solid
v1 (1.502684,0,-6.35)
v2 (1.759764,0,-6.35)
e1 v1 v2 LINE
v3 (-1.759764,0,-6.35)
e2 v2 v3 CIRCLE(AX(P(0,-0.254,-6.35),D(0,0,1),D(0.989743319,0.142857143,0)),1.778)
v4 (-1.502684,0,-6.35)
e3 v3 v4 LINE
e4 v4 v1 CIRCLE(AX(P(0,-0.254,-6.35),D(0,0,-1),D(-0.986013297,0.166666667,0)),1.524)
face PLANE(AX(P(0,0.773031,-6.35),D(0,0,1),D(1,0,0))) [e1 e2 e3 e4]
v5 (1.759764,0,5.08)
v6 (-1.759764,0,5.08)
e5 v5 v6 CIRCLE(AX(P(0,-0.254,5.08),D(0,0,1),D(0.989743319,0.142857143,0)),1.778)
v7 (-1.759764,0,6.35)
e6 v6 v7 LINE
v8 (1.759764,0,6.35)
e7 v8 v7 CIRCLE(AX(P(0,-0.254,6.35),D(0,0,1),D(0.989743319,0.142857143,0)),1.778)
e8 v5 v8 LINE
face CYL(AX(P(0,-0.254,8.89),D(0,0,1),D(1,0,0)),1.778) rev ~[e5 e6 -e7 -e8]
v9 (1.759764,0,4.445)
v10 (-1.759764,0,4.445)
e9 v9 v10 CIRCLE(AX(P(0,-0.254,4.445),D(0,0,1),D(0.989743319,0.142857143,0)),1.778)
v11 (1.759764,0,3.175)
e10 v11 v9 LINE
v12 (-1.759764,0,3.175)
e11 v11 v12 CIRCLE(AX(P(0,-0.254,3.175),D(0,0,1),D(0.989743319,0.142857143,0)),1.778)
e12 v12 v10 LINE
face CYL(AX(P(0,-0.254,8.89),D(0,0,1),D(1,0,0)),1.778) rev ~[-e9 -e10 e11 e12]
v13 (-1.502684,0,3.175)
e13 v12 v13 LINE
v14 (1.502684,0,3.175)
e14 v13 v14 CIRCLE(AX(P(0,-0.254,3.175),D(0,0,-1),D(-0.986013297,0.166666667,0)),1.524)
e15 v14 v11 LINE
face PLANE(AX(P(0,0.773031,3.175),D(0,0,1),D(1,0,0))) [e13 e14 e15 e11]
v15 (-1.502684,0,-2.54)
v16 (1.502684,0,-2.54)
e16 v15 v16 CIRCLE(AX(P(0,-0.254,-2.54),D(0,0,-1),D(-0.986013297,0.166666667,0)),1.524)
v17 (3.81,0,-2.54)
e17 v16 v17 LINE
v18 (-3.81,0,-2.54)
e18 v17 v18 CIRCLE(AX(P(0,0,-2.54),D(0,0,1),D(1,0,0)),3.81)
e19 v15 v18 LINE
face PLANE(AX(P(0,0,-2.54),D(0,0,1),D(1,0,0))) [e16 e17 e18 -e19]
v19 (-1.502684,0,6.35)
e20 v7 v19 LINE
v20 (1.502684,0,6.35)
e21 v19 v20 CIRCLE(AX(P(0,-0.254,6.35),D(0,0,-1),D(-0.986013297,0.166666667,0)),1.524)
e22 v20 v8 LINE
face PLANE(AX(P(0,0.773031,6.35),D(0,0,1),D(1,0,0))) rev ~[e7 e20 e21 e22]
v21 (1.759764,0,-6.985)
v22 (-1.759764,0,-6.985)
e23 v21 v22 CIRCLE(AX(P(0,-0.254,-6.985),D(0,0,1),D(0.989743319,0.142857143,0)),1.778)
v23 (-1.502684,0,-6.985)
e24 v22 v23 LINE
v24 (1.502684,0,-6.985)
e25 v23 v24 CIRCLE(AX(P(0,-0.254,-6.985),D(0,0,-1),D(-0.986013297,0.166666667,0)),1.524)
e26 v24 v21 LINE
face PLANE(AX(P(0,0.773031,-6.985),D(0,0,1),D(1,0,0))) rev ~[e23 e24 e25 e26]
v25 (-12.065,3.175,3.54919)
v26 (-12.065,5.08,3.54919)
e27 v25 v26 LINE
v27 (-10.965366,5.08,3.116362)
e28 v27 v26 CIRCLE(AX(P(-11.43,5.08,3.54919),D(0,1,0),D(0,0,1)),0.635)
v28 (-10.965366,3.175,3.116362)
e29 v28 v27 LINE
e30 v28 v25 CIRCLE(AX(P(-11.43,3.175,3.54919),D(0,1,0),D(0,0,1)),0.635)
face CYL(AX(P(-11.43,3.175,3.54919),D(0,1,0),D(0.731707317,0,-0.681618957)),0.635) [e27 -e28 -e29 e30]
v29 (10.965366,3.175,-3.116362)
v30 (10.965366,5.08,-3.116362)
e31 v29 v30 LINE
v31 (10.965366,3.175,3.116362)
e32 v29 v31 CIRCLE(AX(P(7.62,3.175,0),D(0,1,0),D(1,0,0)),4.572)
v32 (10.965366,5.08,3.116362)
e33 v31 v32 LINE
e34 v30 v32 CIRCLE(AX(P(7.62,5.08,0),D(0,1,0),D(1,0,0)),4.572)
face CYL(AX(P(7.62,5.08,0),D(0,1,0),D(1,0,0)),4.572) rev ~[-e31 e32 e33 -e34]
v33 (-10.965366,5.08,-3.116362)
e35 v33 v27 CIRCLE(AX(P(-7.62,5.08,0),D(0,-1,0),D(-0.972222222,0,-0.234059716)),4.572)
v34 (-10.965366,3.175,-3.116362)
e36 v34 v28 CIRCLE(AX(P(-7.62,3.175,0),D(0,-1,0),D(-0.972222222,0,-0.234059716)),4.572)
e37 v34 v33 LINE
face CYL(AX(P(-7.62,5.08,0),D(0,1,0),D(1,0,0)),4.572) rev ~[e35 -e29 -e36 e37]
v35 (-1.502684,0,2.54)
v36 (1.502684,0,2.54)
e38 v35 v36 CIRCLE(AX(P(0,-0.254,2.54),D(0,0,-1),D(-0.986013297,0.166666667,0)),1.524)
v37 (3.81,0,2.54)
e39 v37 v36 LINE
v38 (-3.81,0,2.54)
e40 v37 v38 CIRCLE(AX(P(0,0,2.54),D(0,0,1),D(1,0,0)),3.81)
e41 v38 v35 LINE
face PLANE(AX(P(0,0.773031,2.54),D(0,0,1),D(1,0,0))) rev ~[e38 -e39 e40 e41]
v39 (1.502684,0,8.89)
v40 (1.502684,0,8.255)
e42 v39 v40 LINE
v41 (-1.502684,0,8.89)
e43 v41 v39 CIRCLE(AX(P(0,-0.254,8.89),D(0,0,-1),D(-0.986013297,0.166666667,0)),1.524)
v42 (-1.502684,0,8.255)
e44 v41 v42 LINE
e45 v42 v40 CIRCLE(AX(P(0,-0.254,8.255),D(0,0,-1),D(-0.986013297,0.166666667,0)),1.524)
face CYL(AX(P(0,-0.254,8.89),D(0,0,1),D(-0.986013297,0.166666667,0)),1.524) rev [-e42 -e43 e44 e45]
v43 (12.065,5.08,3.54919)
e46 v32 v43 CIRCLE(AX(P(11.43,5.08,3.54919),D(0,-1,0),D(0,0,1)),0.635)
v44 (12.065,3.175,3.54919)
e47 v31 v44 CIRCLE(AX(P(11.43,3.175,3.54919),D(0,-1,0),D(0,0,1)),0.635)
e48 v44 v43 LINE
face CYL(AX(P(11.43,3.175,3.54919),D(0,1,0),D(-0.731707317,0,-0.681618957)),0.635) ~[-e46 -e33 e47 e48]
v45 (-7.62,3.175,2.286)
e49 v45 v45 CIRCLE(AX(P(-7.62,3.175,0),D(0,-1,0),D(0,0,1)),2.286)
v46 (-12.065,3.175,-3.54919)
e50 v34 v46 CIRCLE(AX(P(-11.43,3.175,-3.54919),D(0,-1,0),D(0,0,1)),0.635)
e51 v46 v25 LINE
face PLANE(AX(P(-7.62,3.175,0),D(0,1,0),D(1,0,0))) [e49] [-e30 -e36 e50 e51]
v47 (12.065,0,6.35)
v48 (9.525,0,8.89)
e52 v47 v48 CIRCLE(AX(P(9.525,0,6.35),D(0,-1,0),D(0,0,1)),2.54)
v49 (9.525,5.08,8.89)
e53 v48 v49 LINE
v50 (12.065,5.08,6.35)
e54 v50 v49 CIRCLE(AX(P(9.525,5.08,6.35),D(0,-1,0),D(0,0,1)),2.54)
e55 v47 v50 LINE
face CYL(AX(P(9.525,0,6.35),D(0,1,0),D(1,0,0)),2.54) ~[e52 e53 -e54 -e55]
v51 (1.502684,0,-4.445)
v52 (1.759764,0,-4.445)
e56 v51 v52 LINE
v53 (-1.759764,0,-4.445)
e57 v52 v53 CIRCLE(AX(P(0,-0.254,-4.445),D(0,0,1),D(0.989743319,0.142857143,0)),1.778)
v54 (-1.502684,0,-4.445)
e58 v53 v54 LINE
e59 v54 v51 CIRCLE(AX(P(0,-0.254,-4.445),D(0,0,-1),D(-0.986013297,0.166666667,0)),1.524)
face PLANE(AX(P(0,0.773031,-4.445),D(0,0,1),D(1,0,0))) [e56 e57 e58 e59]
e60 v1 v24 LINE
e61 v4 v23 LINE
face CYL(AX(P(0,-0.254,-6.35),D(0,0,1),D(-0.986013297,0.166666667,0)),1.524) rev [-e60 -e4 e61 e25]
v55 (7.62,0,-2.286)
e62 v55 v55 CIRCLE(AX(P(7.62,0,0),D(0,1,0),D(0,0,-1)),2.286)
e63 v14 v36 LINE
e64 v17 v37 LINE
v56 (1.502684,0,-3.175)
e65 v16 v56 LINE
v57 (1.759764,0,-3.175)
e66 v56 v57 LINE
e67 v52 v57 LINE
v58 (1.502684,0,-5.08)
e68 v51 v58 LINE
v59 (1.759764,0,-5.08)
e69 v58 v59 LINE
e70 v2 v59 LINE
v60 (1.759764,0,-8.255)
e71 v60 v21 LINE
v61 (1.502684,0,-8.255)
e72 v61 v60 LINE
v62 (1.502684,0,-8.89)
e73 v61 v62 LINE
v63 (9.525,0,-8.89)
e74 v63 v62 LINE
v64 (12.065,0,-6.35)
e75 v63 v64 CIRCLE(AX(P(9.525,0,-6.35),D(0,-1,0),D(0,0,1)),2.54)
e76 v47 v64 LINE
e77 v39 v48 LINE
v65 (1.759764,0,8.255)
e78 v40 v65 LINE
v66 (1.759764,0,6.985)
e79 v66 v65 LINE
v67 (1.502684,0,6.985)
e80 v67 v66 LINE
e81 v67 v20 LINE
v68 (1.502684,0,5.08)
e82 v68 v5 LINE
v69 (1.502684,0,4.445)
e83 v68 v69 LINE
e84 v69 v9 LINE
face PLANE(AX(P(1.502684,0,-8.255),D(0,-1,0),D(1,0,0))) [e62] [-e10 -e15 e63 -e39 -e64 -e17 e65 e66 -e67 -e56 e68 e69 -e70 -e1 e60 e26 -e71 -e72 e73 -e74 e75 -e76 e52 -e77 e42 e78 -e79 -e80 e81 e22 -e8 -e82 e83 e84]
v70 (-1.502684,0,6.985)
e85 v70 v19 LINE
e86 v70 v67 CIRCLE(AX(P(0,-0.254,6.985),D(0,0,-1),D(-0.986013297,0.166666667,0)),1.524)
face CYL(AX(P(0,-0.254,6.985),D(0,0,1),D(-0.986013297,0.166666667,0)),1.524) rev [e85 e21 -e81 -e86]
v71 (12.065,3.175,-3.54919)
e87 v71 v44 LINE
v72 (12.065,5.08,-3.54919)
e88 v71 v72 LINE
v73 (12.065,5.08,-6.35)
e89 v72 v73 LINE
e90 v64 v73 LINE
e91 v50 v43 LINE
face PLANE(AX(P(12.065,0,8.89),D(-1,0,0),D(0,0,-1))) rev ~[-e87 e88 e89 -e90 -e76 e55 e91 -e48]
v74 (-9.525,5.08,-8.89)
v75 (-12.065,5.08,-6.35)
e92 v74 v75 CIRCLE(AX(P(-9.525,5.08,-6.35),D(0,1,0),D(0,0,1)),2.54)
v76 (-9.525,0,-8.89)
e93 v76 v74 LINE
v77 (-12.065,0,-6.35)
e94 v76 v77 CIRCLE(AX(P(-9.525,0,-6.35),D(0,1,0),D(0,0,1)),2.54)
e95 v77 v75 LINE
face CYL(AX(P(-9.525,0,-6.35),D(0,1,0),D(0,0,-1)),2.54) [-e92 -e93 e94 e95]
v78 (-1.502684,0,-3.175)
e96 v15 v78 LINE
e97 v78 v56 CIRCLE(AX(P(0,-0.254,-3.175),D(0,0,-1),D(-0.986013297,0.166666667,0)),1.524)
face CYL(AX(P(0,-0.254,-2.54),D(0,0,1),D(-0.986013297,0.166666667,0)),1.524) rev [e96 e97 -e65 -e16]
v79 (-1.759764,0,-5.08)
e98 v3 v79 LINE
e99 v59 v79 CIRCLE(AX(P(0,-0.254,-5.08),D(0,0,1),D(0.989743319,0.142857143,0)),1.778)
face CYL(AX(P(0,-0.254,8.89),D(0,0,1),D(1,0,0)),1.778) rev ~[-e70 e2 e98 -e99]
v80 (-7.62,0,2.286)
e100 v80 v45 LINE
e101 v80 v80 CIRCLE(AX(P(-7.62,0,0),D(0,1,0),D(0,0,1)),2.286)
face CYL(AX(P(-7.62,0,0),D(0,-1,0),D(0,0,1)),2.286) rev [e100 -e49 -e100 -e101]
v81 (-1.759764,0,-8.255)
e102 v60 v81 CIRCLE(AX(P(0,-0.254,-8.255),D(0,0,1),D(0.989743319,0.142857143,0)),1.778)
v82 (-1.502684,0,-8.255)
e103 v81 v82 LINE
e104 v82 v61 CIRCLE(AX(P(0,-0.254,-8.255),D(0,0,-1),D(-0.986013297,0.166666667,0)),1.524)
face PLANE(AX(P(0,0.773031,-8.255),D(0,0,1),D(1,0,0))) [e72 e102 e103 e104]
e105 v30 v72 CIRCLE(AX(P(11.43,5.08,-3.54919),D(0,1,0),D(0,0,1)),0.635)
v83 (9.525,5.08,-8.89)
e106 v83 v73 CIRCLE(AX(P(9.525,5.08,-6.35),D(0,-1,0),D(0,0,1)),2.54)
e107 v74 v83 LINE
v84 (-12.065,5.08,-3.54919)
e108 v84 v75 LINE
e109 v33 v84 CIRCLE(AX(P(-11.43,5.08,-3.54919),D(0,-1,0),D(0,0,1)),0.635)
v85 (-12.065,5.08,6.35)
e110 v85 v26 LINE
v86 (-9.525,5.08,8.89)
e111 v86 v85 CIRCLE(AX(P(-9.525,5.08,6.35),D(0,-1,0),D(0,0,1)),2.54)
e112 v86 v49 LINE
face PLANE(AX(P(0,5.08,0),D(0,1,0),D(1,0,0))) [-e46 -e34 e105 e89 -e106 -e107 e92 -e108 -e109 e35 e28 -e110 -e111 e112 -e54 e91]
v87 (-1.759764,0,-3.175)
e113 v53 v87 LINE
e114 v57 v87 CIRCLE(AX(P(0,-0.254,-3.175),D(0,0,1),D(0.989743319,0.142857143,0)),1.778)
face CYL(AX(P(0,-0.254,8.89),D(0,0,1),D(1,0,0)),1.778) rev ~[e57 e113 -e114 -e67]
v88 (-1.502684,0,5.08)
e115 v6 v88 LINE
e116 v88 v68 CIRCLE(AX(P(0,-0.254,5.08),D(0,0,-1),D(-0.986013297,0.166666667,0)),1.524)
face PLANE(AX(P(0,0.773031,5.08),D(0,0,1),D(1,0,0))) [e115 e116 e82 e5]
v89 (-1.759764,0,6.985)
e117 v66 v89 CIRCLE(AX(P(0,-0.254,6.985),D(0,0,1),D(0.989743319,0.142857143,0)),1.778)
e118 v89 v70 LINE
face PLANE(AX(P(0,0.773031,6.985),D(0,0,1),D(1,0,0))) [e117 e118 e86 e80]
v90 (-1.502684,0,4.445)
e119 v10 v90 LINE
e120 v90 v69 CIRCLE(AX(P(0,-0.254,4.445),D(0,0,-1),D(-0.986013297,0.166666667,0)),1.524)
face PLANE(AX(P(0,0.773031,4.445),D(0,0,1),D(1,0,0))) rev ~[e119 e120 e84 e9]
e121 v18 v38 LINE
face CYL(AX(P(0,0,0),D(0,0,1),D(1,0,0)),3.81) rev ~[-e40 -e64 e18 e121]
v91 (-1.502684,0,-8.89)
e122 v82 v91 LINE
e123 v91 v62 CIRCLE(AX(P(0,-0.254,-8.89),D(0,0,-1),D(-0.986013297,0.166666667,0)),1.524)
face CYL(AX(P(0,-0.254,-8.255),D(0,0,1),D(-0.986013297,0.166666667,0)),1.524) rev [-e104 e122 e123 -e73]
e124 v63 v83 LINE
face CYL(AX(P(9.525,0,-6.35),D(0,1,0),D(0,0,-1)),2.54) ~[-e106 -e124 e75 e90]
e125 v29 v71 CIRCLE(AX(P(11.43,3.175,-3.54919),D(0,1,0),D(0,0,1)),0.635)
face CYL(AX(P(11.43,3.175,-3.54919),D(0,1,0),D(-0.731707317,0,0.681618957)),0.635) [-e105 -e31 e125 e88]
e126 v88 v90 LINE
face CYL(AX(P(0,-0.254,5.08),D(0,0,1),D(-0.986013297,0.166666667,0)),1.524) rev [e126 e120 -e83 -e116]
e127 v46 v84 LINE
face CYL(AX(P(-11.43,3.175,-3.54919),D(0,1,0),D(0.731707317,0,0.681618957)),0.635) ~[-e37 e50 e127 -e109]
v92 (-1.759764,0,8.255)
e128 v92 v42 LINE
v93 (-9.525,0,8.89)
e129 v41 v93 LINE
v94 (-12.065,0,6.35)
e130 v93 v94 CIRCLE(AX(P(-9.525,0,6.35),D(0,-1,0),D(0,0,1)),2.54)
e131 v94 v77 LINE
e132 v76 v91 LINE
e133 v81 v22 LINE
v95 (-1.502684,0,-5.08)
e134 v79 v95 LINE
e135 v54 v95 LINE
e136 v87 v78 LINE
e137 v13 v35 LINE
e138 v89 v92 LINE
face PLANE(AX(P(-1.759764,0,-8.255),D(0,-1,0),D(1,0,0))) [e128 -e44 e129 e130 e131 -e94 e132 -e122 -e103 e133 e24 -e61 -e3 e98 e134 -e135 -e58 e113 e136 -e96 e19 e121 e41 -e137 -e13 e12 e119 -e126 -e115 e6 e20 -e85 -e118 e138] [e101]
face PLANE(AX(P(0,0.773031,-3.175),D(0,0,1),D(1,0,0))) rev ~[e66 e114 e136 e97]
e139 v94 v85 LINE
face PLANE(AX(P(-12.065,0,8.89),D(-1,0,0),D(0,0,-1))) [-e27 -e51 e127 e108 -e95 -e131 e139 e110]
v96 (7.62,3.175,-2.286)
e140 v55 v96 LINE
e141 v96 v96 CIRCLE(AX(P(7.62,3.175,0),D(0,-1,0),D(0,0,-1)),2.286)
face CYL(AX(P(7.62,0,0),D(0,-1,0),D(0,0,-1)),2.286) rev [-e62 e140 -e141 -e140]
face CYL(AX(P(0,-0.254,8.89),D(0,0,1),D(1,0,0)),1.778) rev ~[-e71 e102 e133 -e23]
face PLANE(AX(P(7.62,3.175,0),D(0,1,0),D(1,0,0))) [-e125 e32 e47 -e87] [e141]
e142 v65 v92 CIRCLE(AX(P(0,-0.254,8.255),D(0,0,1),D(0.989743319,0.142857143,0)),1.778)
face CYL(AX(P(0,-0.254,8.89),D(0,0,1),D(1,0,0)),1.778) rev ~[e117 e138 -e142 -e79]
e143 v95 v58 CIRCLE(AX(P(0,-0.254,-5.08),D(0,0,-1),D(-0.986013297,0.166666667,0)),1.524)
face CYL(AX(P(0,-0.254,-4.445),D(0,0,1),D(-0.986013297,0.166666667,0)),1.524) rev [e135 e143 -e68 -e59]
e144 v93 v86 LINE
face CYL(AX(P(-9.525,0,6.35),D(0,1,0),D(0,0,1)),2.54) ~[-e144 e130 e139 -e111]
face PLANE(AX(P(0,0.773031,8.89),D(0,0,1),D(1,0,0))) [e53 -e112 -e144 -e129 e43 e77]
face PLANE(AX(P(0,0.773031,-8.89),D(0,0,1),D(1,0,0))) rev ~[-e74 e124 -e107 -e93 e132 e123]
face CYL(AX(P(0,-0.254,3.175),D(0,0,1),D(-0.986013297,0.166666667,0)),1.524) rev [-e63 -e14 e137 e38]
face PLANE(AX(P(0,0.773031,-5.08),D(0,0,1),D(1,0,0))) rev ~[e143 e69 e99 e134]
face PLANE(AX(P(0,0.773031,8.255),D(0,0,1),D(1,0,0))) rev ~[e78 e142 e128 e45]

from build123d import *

# Parameters (mm, degrees)
SKETCH1_W           = 24.13
SKETCH1_H           = 17.78
SKETCH1_R           = 2.286
BOSS_EXTRUDE1_DEPTH = 5.08
SKETCH2_R           = 1.778
CUT_EXTRUDE1_DEPTH  = 23.079380086
BOSS_EXTRUDE2_DEPTH = 0.635
LPATTERN1_COUNT     = 10
LPATTERN1_PITCH     = 1.905
SKETCH5_R           = 4.572
CUT_EXTRUDE2_DEPTH  = 1.905
FILLET1_R           = 0.635
FILLET2_R           = 2.54
SKETCH6_R           = 3.81
CUT_EXTRUDE3_DEPTH  = 2.54


with BuildPart() as part:
    # Sketch1 → Boss-Extrude1 (new body)
    with BuildSketch(Plane(origin=(0, 0, 0), x_dir=(1, 0, 0), z_dir=(0, 1, 0))):
        Rectangle(SKETCH1_W, SKETCH1_H)
        with Locations(Location((-7.62, 0, 0), (0, 0, 270))):
            Circle(SKETCH1_R, mode=Mode.SUBTRACT)
        with Locations(Location((7.62, 0, 0), (0, 0, 90))):
            Circle(SKETCH1_R, mode=Mode.SUBTRACT)
    extrude(amount=BOSS_EXTRUDE1_DEPTH)

    # Sketch2 → Cut-Extrude1 (cut, through all)
    with BuildSketch(Plane.XY.offset(8.89)):
        with Locations((0, -0.254)):
            Circle(SKETCH2_R)
    extrude(amount=-CUT_EXTRUDE1_DEPTH, mode=Mode.SUBTRACT)

    # Sketch4 → Boss-Extrude2 (add)
    with BuildSketch(Plane.XY.offset(8.89)):
        with BuildLine():
            ThreePointArc((1.75976362, 0), (0, 1.524), (-1.75976362, 0))
            Line((-1.75976362, 0), (-1.502684265, 0))
            ThreePointArc((-1.502684265, 0), (0, 1.27), (1.502684265, 0))
            Line((1.502684265, 0), (1.75976362, 0))
        make_face()
    boss_extrude2 = extrude(amount=-BOSS_EXTRUDE2_DEPTH)

    # LPattern1: Boss-Extrude2 ×10
    with Locations(*[(0, 0, -i * LPATTERN1_PITCH) for i in range(1, LPATTERN1_COUNT)]):
        add(boss_extrude2)

    # Sketch5 → Cut-Extrude2 (cut)
    with BuildSketch(Plane(origin=(0, 5.08, 0), x_dir=(1, 0, 0), z_dir=(0, 1, 0))):
        with Locations((-7.62, 0)):
            Circle(SKETCH5_R)
        with Locations((7.62, 0)):
            Circle(SKETCH5_R)
    extrude(amount=-CUT_EXTRUDE2_DEPTH, mode=Mode.SUBTRACT)

    # Fillet1
    fillet1_edges = [part.edges().sort_by_distance(p)[0] for p in [
        (12.065, 4.1275, -1.070121021),
        (12.065, 4.1275, 1.070121021),
        (-12.065, 4.1275, 1.070121021),
        (-12.065, 4.1275, -1.070121021),
    ]]
    fillet(fillet1_edges, radius=FILLET1_R)

    # Fillet2
    fillet2_edges = [part.edges().sort_by_distance(p)[0] for p in [
        (-12.065, 2.54, -8.89),
        (12.065, 2.54, -8.89),
        (12.065, 2.54, 8.89),
        (-12.065, 2.54, 8.89),
    ]]
    fillet(fillet2_edges, radius=FILLET2_R)

    # Sketch6 → Cut-Extrude3 (cut, symmetric)
    with BuildSketch(Plane.XY):
        Circle(SKETCH6_R)
    extrude(amount=CUT_EXTRUDE3_DEPTH, both=True, mode=Mode.SUBTRACT)


solid = part.part
